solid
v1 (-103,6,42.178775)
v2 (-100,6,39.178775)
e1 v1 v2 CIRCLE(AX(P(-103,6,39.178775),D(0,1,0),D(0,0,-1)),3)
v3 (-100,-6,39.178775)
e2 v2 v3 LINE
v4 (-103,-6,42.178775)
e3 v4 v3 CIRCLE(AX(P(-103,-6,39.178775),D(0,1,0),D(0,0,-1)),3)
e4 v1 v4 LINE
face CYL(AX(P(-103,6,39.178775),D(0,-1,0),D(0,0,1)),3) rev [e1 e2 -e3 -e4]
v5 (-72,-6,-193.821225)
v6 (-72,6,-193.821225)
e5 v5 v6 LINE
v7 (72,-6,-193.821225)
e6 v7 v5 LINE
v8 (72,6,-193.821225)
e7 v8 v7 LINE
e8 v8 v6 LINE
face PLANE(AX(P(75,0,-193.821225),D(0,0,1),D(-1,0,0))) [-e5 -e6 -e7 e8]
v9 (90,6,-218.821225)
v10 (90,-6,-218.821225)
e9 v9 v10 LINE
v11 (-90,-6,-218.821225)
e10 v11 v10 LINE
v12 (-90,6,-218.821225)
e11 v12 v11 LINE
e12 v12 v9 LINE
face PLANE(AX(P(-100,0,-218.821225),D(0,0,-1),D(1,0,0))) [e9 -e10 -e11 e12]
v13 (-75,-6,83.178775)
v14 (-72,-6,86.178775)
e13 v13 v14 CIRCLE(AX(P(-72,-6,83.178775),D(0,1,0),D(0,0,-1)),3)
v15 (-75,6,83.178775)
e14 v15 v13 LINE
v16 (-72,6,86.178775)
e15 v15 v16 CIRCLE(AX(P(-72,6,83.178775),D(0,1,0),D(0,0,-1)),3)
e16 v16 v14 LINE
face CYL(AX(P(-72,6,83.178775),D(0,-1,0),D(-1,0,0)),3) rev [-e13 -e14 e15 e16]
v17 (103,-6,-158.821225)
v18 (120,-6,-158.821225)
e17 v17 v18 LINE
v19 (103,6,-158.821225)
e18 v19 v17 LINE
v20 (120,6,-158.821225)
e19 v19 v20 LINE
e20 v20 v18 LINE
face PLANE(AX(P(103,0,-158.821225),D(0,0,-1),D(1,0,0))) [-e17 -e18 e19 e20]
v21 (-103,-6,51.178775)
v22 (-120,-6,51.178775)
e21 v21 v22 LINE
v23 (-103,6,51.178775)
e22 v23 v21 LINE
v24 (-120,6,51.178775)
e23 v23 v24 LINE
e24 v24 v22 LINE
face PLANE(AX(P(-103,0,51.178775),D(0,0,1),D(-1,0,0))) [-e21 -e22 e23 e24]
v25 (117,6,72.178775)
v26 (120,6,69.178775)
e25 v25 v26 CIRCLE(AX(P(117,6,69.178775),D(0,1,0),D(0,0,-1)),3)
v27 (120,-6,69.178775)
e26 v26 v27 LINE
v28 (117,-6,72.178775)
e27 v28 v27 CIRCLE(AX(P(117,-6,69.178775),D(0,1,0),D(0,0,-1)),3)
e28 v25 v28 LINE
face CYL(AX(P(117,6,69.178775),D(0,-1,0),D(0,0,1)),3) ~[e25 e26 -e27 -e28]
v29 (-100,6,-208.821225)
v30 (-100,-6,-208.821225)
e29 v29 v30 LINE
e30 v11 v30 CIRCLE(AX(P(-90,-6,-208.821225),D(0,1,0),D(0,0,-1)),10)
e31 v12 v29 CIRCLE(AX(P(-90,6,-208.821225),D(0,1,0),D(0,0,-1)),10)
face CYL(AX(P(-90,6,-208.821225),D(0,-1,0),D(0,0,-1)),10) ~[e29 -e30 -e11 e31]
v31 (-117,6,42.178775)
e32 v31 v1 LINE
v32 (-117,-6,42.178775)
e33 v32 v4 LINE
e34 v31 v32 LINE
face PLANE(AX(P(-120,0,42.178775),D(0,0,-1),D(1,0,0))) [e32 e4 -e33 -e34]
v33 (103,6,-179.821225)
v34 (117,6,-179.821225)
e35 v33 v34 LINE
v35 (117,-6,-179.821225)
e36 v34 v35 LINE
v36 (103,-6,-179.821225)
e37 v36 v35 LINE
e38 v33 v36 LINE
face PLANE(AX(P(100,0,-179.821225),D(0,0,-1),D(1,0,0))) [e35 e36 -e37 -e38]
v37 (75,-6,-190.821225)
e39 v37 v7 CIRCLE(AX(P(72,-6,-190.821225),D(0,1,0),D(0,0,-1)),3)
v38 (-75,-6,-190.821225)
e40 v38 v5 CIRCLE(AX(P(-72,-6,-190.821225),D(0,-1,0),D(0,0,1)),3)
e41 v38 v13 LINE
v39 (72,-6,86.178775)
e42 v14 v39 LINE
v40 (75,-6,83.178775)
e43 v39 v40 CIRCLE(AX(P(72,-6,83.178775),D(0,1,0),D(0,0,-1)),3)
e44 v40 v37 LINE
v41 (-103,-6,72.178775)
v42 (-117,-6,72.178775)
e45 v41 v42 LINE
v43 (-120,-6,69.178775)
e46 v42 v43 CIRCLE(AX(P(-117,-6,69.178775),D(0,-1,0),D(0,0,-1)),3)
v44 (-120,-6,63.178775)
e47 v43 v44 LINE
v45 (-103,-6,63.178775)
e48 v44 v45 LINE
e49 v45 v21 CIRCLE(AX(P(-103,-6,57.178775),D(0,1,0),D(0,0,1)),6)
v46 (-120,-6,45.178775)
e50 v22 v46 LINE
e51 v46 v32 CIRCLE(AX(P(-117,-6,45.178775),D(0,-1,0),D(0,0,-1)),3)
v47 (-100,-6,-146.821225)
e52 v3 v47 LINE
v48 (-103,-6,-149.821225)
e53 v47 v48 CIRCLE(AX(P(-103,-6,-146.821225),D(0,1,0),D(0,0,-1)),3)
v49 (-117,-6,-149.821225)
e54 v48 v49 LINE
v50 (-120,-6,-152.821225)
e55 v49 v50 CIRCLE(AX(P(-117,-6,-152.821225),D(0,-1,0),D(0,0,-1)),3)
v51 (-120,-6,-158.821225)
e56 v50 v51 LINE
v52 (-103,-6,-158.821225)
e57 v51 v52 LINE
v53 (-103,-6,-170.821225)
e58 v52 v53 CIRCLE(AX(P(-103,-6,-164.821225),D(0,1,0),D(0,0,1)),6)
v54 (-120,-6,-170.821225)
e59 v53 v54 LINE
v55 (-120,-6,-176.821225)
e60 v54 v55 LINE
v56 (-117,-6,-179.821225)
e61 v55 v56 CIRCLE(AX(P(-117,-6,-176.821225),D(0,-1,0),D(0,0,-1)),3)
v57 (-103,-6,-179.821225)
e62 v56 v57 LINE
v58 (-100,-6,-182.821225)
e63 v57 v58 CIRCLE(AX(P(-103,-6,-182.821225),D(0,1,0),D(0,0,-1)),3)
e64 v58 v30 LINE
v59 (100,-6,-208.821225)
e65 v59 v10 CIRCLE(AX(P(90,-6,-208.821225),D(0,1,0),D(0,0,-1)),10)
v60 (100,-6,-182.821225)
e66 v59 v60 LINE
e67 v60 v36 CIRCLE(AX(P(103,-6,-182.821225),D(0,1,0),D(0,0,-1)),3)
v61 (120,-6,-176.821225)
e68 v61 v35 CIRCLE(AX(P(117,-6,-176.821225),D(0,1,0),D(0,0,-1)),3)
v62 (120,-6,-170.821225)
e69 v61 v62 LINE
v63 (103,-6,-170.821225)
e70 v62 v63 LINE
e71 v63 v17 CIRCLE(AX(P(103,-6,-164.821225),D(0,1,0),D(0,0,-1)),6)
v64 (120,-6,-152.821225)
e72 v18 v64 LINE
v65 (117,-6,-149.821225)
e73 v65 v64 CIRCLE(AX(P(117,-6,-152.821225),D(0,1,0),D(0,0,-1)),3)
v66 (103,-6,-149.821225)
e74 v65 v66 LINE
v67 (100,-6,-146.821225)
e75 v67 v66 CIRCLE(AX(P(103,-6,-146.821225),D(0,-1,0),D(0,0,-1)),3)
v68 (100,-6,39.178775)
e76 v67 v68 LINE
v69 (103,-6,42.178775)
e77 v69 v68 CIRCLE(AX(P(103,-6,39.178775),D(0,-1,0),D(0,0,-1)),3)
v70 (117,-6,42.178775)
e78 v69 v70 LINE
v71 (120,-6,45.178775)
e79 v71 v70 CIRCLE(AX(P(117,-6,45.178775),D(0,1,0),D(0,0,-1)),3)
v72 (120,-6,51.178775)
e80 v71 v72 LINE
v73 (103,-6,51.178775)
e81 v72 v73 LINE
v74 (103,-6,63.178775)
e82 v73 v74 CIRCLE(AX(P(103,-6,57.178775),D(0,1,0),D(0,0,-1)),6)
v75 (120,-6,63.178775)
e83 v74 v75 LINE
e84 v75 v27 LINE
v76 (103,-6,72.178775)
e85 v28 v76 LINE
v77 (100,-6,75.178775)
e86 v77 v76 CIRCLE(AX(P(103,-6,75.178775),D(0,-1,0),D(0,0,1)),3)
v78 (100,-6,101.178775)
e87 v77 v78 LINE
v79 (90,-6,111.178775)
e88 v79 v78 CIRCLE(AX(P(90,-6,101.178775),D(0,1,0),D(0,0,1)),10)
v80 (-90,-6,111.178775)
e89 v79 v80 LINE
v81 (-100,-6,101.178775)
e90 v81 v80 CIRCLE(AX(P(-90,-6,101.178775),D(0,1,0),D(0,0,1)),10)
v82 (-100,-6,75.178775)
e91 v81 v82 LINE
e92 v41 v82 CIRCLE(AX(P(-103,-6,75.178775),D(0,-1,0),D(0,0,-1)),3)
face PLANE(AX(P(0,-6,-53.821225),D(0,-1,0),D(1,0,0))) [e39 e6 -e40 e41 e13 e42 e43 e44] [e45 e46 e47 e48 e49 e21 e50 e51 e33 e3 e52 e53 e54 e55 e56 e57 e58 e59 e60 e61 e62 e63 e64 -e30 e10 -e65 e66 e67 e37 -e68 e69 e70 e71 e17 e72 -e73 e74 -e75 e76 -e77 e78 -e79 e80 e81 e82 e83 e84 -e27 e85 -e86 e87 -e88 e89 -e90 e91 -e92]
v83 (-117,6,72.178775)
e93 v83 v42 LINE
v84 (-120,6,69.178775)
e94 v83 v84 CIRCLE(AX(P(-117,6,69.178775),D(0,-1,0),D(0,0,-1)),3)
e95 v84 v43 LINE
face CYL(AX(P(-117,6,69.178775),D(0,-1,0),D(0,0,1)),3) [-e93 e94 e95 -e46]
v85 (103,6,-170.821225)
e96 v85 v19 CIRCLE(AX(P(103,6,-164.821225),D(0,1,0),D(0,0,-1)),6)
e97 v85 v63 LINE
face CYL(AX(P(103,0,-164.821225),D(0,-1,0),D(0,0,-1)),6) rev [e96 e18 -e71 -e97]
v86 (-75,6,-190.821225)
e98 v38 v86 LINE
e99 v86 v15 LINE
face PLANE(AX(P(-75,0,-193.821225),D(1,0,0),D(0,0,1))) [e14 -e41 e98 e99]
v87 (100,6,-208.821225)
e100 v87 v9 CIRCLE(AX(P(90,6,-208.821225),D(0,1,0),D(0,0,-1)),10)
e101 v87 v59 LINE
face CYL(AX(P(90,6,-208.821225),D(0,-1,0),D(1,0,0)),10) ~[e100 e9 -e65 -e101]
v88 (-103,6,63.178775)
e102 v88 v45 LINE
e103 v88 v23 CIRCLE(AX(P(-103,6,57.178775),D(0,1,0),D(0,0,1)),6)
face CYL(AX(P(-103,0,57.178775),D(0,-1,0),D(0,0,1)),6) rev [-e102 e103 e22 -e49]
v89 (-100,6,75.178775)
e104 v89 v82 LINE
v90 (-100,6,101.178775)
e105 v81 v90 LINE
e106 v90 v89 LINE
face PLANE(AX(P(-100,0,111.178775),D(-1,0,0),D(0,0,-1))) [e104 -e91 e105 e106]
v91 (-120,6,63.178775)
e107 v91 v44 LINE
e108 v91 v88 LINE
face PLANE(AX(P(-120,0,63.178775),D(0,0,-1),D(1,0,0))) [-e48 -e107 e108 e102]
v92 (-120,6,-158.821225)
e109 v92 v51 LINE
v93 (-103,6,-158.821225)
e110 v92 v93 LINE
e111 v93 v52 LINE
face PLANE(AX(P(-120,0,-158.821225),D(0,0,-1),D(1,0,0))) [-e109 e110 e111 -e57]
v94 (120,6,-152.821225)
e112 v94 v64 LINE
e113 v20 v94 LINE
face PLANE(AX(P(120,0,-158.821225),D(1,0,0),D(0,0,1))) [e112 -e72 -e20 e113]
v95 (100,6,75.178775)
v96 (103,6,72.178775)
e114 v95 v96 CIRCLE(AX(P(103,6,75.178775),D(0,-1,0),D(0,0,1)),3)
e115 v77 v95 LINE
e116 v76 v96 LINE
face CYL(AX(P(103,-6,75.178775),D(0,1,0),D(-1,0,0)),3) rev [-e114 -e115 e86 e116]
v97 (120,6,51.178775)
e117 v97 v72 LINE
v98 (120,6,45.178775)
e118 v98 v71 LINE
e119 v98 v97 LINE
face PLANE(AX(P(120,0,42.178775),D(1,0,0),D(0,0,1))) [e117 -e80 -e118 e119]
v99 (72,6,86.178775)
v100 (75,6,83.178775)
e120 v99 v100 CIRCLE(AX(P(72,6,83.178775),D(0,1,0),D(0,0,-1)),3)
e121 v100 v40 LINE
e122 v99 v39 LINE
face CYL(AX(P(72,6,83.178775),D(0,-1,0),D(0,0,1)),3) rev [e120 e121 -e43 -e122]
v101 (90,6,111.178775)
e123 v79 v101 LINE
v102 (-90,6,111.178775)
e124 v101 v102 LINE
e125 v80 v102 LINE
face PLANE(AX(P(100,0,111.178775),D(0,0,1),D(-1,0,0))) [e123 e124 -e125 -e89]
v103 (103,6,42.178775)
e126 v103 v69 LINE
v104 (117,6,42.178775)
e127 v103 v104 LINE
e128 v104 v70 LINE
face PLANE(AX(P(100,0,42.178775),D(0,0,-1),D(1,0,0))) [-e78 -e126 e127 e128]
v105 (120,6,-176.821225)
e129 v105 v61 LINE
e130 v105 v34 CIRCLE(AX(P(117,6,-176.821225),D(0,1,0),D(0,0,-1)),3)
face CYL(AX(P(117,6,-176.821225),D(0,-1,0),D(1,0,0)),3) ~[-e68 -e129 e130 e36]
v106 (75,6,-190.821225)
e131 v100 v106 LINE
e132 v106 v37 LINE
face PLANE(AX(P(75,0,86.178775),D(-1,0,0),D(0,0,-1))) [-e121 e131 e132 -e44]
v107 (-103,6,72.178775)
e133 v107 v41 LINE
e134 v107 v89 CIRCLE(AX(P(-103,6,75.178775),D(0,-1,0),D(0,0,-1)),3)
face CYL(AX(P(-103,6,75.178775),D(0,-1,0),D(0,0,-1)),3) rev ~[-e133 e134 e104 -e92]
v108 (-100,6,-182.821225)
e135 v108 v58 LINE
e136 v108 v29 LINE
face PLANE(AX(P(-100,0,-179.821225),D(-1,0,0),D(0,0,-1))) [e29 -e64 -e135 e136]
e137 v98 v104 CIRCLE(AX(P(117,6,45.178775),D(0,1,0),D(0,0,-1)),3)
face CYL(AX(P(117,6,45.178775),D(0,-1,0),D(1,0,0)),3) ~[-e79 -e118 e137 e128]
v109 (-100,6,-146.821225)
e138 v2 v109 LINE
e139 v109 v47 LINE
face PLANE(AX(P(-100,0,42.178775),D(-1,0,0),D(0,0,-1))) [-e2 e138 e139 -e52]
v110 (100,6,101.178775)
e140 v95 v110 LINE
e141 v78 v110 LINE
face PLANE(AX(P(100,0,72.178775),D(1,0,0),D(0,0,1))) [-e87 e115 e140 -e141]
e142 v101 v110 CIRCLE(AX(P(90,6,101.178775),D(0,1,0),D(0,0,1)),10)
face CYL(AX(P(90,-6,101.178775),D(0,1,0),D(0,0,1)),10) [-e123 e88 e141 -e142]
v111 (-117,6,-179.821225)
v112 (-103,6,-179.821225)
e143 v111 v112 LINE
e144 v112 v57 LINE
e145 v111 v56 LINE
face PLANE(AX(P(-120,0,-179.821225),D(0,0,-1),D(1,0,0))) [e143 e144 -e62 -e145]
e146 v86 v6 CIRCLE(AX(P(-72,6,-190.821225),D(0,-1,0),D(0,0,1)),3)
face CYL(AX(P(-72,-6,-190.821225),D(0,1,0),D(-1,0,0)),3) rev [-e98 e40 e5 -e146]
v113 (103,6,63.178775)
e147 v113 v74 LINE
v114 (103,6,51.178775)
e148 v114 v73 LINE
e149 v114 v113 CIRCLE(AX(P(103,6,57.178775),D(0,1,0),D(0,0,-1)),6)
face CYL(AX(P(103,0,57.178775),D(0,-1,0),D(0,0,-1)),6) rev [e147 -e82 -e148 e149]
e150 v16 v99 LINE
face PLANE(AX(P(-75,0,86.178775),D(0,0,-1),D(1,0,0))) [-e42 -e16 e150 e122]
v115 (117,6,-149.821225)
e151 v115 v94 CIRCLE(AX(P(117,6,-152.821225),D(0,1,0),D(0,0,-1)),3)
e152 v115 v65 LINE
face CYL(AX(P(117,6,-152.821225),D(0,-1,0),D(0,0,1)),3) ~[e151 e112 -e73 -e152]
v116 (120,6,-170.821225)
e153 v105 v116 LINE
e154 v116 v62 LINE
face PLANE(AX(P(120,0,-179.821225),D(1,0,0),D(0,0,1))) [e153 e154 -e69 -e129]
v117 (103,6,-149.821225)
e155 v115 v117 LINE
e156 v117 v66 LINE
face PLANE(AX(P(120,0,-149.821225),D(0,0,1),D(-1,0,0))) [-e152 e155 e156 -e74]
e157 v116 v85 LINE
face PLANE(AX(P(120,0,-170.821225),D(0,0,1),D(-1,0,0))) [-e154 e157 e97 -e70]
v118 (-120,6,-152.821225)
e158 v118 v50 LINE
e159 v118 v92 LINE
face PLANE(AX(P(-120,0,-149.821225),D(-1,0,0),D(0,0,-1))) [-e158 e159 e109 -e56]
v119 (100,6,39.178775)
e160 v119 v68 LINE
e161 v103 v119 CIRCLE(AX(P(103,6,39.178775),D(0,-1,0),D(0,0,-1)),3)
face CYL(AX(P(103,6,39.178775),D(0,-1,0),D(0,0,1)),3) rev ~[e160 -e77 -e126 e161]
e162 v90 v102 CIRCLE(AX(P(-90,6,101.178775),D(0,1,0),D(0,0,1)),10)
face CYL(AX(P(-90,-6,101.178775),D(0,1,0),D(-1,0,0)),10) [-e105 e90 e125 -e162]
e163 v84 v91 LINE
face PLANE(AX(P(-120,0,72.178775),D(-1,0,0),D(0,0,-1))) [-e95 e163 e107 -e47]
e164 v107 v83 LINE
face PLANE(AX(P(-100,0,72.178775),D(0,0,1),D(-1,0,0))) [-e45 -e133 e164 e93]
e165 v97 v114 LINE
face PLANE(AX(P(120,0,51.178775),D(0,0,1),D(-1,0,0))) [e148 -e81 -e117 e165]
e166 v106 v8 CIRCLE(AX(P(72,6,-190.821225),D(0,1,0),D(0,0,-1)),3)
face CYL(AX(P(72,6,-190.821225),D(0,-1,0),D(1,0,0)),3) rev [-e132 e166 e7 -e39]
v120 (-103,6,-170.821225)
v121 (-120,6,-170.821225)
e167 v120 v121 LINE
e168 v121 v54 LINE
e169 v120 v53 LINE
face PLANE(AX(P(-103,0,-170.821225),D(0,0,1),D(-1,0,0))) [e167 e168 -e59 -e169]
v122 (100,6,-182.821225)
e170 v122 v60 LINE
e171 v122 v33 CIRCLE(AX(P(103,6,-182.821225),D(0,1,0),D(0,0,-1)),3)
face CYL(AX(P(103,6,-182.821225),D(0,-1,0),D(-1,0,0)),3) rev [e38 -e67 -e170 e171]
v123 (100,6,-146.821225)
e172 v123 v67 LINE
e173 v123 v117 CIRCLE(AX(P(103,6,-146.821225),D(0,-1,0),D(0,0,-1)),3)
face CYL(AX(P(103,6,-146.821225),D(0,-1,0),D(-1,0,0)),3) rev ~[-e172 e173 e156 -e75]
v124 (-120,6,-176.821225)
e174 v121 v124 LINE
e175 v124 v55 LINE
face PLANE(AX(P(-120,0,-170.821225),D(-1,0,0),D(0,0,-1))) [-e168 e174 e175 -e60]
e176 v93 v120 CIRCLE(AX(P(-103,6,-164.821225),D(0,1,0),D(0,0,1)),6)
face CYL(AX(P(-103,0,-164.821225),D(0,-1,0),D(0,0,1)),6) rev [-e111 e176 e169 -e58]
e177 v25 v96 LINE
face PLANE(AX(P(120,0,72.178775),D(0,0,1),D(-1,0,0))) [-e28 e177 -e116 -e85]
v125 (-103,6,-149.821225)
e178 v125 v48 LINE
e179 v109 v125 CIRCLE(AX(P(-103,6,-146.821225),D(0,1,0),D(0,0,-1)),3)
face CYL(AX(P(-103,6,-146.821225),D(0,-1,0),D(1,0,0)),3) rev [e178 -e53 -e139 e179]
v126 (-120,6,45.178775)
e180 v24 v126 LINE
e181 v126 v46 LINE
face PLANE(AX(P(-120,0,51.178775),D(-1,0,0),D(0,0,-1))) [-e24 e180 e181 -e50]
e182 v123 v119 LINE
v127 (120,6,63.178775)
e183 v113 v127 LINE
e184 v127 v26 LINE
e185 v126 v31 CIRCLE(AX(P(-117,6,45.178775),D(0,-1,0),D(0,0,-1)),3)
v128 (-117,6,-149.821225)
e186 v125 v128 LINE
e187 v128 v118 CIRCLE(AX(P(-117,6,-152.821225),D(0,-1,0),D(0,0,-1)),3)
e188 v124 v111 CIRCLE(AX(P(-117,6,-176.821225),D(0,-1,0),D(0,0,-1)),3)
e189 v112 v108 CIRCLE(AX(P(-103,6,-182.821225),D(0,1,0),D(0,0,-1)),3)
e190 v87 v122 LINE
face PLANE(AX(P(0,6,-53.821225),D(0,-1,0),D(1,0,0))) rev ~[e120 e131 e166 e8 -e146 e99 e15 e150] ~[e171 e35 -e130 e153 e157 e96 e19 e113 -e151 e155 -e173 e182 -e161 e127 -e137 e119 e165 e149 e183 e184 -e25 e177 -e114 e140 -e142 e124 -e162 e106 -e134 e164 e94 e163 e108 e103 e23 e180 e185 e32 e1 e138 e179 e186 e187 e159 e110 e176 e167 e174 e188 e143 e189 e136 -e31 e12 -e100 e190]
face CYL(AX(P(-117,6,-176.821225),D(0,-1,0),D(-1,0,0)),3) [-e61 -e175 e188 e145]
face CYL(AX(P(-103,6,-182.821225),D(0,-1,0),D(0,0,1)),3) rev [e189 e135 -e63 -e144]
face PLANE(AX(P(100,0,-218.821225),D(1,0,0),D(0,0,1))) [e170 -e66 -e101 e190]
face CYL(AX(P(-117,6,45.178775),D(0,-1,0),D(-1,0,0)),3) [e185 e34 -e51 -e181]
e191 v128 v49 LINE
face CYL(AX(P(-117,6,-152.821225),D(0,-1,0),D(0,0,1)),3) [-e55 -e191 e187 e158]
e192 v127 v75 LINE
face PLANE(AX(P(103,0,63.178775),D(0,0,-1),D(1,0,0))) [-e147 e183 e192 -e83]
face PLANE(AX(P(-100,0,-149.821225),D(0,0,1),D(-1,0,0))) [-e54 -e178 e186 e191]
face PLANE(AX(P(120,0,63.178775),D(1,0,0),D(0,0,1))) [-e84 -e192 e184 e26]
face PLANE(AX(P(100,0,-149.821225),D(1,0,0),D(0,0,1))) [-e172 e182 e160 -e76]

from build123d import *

# Parameters (mm, degrees)
F1_DEPTH = 6
F2_R     = 10
F3_R     = 3
F4_R     = 3
F5_R     = 3


with BuildPart() as f1:
    # F0 (on Front) → F1 (new body, symmetric)
    with BuildSketch(Plane.XZ):
        with BuildLine():
            Line((0, 111.17877506), (-100, 111.17877506))
            Line((-100, 111.17877506), (-100, 72.17877506))
            Line((-100, 72.17877506), (-120, 72.17877506))
            Line((-120, 72.17877506), (-120, 63.17877506))
            Line((-120, 63.17877506), (-103, 63.17877506))
            ThreePointArc((-103, 63.17877506), (-97, 57.17877506), (-103, 51.17877506))
            Line((-103, 51.17877506), (-120, 51.17877506))
            Line((-120, 51.17877506), (-120, 42.17877506))
            Line((-120, 42.17877506), (-100, 42.17877506))
            Line((-100, 42.17877506), (-100, -53.82122494))
            Line((-100, -53.82122494), (-100, -149.82122494))
            Line((-100, -149.82122494), (-120, -149.82122494))
            Line((-120, -149.82122494), (-120, -158.82122494))
            Line((-120, -158.82122494), (-103, -158.82122494))
            ThreePointArc((-103, -158.82122494), (-97, -164.82122494), (-103, -170.82122494))
            Line((-103, -170.82122494), (-120, -170.82122494))
            Line((-120, -170.82122494), (-120, -179.82122494))
            Line((-120, -179.82122494), (-100, -179.82122494))
            Line((-100, -179.82122494), (-100, -218.82122494))
            Line((-100, -218.82122494), (0, -218.82122494))
            Line((0, -218.82122494), (100, -218.82122494))
            Line((100, -218.82122494), (100, -179.82122494))
            Line((100, -179.82122494), (120, -179.82122494))
            Line((120, -179.82122494), (120, -170.82122494))
            Line((120, -170.82122494), (103, -170.82122494))
            ThreePointArc((103, -170.82122494), (97, -164.82122494), (103, -158.82122494))
            Line((103, -158.82122494), (120, -158.82122494))
            Line((120, -158.82122494), (120, -149.82122494))
            Line((120, -149.82122494), (100, -149.82122494))
            Line((100, -149.82122494), (100, -53.82122494))
            Line((100, -53.82122494), (100, 42.17877506))
            Line((100, 42.17877506), (120, 42.17877506))
            Line((120, 42.17877506), (120, 51.17877506))
            Line((120, 51.17877506), (103, 51.17877506))
            ThreePointArc((103, 51.17877506), (97, 57.17877506), (103, 63.17877506))
            Line((103, 63.17877506), (120, 63.17877506))
            Line((120, 63.17877506), (120, 72.17877506))
            Line((120, 72.17877506), (100, 72.17877506))
            Line((100, 72.17877506), (100, 111.17877506))
            Line((100, 111.17877506), (0, 111.17877506))
        make_face()
        Polygon((-75, -53.82122494), (-75, 86.17877506), (0, 86.17877506), (75, 86.17877506), (75, -53.82122494), (75, -193.82122494), (0, -193.82122494), (-75, -193.82122494), align=None, mode=Mode.SUBTRACT)
    extrude(amount=F1_DEPTH, both=True)

    # F2
    f2_edges = [f1.edges().sort_by_distance(p)[0] for p in [
        (100, 0, 111.178775),
        (-100, 0, 111.178775),
        (100, 0, -218.821225),
        (-100, 0, -218.821225),
    ]]
    fillet(f2_edges, radius=F2_R)

    # F3
    f3_edges = [f1.edges().sort_by_distance(p)[0] for p in [
        (-75, 0, -193.821225),
        (75, 0, -193.821225),
        (75, 0, 86.178775),
        (-75, 0, 86.178775),
    ]]
    fillet(f3_edges, radius=F3_R)

    # F4
    f4_edges = [f1.edges().sort_by_distance(p)[0] for p in [
        (-120, 0, -149.821225),
        (-120, 0, -179.821225),
        (120, 0, -149.821225),
        (120, 0, -179.821225),
        (120, 0, 72.178775),
        (120, 0, 42.178775),
        (-120, 0, 72.178775),
        (-120, 0, 42.178775),
    ]]
    fillet(f4_edges, radius=F4_R)

    # F5
    f5_edges = [f1.edges().sort_by_distance(p)[0] for p in [
        (100, 0, 72.178775),
        (100, 0, 42.178775),
        (100, 0, -179.821225),
        (100, 0, -149.821225),
        (-100, 0, -149.821225),
        (-100, 0, -179.821225),
        (-100, 0, 72.178775),
        (-100, 0, 42.178775),
    ]]
    fillet(f5_edges, radius=F5_R)


solid = f1.part
